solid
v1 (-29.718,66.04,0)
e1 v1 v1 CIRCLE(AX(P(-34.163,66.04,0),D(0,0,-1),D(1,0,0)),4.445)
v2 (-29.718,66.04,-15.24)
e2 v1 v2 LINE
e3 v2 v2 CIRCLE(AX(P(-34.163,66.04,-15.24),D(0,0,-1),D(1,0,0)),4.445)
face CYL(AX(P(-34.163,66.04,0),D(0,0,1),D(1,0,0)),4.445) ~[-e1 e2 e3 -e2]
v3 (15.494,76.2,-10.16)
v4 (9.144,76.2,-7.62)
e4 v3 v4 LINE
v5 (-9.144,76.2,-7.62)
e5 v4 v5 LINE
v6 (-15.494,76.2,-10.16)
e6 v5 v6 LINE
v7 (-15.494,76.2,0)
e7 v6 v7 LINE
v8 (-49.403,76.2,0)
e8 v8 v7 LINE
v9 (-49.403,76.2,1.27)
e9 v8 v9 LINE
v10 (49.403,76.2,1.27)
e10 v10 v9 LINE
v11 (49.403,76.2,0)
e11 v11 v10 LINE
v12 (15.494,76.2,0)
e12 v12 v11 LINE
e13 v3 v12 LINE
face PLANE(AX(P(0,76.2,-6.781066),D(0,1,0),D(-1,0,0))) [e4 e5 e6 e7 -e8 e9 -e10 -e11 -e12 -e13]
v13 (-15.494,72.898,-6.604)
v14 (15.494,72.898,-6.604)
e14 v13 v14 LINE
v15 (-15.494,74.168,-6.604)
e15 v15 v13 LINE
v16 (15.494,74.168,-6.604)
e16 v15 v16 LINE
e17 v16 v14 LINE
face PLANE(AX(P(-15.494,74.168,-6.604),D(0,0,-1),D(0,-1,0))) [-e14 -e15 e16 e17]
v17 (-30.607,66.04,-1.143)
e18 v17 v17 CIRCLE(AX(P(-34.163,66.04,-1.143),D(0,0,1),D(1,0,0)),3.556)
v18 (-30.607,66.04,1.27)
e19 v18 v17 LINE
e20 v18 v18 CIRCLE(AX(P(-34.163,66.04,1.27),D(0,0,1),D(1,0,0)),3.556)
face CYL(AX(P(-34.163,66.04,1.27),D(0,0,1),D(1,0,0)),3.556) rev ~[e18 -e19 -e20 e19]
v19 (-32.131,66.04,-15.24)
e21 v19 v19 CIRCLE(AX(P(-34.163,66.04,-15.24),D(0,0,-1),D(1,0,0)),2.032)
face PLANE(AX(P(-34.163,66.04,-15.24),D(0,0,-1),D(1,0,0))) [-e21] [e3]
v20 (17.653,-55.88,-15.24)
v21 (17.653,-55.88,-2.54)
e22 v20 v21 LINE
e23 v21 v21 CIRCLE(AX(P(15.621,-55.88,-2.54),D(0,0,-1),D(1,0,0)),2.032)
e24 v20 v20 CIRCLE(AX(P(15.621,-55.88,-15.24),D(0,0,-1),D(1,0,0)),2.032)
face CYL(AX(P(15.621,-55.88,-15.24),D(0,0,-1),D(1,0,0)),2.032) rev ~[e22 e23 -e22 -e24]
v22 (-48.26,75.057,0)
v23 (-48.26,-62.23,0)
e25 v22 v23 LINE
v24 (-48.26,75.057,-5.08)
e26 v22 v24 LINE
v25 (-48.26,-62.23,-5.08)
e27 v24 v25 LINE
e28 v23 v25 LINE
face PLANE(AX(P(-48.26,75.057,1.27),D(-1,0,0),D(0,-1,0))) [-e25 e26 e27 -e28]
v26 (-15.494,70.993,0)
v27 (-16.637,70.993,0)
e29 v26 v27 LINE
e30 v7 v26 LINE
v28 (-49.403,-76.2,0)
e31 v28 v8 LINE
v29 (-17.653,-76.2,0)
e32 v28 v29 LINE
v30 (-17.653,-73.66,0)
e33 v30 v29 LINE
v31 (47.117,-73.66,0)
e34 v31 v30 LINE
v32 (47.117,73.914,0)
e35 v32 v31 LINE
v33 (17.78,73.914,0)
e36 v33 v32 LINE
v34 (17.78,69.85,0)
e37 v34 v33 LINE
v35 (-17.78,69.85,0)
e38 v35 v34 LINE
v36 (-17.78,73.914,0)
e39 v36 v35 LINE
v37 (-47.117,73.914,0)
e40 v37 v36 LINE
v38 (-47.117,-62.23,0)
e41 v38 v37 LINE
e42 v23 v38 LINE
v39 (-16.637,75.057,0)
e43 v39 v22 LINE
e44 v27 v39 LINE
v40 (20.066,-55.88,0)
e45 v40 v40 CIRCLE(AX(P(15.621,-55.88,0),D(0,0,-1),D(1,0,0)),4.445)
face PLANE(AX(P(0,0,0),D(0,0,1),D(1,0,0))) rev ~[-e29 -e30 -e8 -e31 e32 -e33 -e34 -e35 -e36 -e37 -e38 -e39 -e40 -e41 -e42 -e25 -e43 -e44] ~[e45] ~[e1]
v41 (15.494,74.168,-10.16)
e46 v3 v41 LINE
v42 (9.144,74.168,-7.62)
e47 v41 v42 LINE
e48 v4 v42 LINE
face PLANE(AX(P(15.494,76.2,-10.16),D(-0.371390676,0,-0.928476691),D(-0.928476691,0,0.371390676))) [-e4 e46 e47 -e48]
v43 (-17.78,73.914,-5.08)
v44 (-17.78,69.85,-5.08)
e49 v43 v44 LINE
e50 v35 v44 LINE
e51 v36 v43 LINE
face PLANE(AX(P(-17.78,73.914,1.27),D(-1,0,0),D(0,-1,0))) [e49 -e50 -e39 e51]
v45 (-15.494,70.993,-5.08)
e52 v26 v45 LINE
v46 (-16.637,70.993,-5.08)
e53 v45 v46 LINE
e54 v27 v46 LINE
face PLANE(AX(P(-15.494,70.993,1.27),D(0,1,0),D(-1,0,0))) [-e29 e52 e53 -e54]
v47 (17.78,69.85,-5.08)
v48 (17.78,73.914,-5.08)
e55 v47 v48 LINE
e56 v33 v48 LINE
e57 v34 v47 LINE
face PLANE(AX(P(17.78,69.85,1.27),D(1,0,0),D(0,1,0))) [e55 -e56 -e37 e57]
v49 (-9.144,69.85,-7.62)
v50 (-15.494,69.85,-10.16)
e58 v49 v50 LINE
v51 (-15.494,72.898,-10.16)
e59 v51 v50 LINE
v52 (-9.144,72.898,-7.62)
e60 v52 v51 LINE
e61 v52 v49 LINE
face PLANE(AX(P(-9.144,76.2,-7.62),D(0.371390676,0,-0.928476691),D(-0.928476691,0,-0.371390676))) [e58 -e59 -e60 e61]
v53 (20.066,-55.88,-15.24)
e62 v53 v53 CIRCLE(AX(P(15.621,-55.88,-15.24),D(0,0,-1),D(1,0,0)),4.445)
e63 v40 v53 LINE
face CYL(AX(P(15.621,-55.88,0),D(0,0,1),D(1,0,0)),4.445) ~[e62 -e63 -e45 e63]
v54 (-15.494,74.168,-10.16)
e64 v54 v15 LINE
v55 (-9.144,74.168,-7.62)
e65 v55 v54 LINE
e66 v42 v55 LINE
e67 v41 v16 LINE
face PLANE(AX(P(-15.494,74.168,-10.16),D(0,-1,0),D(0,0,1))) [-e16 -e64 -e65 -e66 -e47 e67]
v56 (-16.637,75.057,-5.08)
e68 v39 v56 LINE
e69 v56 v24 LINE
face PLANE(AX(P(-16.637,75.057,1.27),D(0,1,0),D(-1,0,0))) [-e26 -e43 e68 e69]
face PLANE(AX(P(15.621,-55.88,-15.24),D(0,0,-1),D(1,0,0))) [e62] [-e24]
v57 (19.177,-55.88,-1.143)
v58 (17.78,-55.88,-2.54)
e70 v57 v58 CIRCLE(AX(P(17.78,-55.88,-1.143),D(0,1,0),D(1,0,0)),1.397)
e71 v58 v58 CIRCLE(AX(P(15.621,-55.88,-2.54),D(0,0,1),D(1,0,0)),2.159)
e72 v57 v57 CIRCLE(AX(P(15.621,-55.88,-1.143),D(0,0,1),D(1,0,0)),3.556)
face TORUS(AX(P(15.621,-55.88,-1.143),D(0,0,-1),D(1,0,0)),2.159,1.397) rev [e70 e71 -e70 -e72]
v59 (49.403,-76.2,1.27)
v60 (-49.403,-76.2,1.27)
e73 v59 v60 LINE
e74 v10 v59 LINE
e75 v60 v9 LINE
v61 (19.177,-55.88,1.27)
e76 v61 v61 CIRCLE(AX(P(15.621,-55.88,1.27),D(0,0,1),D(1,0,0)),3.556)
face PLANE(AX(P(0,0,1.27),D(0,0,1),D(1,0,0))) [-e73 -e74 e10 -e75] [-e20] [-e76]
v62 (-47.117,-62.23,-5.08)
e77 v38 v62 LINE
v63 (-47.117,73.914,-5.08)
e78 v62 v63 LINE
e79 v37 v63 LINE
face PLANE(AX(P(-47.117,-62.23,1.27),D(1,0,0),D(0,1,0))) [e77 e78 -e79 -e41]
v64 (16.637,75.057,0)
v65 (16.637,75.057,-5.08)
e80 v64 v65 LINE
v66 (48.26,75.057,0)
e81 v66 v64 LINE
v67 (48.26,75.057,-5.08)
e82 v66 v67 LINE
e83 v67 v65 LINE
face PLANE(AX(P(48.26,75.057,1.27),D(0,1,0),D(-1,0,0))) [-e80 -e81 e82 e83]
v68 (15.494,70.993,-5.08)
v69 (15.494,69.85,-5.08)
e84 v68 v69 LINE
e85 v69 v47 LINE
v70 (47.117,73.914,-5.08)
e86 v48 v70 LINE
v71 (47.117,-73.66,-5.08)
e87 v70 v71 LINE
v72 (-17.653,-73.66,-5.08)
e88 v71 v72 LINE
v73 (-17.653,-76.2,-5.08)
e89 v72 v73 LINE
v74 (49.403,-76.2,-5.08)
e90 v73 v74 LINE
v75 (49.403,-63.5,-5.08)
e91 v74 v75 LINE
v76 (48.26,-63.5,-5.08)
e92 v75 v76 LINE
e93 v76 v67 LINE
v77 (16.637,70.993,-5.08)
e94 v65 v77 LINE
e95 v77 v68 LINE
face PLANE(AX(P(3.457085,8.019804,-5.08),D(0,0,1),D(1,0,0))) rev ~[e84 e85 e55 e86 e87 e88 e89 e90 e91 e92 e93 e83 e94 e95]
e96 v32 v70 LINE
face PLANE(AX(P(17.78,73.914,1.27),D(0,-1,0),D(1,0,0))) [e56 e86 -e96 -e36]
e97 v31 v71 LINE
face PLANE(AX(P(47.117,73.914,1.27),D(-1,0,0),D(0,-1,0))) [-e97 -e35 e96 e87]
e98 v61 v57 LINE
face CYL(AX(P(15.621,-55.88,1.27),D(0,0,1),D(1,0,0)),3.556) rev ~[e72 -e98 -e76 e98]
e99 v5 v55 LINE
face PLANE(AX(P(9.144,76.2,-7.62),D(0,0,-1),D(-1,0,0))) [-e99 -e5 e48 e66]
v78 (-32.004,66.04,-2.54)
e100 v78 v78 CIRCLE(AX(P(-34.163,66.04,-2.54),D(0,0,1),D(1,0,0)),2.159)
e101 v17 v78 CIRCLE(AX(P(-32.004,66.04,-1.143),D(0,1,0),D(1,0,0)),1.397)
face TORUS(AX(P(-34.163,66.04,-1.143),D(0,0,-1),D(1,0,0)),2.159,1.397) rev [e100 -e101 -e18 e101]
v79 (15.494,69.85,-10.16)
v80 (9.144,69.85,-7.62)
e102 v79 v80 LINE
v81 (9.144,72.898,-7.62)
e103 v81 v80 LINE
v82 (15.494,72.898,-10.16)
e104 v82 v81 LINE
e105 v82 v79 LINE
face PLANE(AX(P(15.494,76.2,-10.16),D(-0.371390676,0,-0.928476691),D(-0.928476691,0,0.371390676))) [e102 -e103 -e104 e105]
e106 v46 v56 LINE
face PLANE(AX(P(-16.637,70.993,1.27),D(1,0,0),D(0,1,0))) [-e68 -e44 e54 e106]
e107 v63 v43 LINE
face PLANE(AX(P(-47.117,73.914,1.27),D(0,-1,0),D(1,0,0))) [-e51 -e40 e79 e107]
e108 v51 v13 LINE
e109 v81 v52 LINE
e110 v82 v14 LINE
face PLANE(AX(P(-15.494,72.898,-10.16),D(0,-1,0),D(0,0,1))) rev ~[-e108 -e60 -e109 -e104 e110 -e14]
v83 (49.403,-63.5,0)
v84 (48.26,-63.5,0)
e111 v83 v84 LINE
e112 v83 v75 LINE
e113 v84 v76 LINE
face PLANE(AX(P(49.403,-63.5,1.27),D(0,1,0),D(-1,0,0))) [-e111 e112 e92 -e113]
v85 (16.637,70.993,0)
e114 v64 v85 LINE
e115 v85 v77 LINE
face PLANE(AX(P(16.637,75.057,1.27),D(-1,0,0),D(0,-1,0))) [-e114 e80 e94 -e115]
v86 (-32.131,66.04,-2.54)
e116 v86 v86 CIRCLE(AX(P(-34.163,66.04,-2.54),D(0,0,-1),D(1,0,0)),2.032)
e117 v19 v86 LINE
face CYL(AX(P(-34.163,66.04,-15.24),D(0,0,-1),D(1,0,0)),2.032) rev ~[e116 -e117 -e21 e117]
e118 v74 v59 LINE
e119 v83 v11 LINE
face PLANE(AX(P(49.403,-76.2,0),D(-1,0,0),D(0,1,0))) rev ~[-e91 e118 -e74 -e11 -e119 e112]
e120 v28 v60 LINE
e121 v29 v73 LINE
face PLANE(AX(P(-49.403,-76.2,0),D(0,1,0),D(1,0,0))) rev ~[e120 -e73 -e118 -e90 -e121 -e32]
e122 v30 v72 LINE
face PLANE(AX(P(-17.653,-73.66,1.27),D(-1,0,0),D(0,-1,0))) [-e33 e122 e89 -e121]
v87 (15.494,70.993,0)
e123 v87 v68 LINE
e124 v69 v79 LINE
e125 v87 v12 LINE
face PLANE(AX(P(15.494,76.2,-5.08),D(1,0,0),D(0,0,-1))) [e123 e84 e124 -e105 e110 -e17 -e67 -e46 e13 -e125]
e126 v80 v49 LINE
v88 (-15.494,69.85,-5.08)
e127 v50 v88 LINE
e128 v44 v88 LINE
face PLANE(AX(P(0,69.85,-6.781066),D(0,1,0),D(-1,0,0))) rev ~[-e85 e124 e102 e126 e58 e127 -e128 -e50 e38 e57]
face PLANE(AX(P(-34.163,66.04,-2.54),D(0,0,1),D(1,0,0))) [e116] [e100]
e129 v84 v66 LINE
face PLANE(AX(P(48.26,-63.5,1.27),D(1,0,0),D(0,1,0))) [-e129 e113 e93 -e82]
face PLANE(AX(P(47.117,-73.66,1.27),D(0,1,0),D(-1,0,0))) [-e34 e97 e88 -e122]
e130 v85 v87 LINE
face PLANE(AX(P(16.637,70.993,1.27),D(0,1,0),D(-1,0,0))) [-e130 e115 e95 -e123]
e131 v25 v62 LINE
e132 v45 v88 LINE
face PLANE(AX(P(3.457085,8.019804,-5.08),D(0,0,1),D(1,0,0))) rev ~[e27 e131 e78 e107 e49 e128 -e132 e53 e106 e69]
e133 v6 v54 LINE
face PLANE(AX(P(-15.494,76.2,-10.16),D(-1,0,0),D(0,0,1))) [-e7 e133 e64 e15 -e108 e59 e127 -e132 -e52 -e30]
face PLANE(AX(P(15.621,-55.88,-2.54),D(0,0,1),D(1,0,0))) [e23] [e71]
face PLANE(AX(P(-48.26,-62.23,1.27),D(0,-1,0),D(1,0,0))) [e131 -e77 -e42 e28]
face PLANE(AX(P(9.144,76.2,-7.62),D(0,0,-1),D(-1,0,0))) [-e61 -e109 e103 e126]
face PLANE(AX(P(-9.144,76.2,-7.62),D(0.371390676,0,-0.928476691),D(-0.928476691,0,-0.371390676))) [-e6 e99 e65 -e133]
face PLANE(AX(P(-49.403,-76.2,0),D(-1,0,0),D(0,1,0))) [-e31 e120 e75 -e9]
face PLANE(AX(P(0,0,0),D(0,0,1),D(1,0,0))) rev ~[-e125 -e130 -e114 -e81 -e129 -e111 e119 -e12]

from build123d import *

# Parameters (mm, degrees)
F0_W      = 98.806
F0_H      = 152.4
F1_DEPTH  = 1.27
F3_DEPTH  = 6.35
F4_R      = 4.445
F5_DEPTH  = 15.24
F6_R      = 2.032
F7_DEPTH  = 16.51
F8_R      = 3.556
F9_DEPTH  = 3.81
F11_DEPTH = 6.35
F12_W     = 1.27
F12_H     = 3.556
F13_DEPTH = 30.988
F14_R     = 1.397


with BuildPart() as f1:
    # F0 (on Top) → F1 (new body)
    with BuildSketch(Plane.XY):
        Rectangle(F0_W, F0_H)
    extrude(amount=F1_DEPTH)

    # F2 (on face) → F3 (join)
    with BuildSketch(Plane.XY.offset(1.27)):
        Polygon((-17.653, -73.66), (-17.653, -76.2), (49.403, -76.2), (49.403, -63.5), (48.26, -63.5), (48.26, 75.057), (16.637, 75.057), (16.637, 70.993), (15.494, 70.993), (15.494, 76.2), (-15.494, 76.2), (-15.494, 70.993), (-16.637, 70.993), (-16.637, 75.057), (-48.26, 75.057), (-48.26, -62.23), (-47.117, -62.23), (-47.117, 73.914), (-17.78, 73.914), (-17.78, 69.85), (17.78, 69.85), (17.78, 73.914), (47.117, 73.914), (47.117, -73.66), align=None)
    extrude(amount=-F3_DEPTH)

    # F4 (on face) → F5 (join)
    with BuildSketch(Plane(origin=(0, 0, 0), x_dir=(1, 0, 0), z_dir=(0, 0, -1))):
        with Locations((15.621, 55.88)):
            Circle(F4_R)
        with Locations((-34.163, -66.04)):
            Circle(F4_R)
    extrude(amount=F5_DEPTH)

    # F6 (on face) → F7 (cut, through all)
    with BuildSketch(Plane(origin=(0, 0, -15.24), x_dir=(1, 0, 0), z_dir=(0, 0, -1))):
        with Locations((-34.163, -66.04)):
            Circle(F6_R)
        with Locations((15.621, 55.88)):
            Circle(F6_R)
    extrude(amount=-F7_DEPTH, mode=Mode.SUBTRACT)

    # F8 (on face) → F9 (cut)
    with BuildSketch(Plane.XY.offset(1.27)):
        with Locations((15.621, -55.88)):
            Circle(F8_R)
        with Locations((-34.163, 66.04)):
            Circle(F8_R)
    extrude(amount=-F9_DEPTH, mode=Mode.SUBTRACT)

    # F10 (on face) → F11 (join, through all)
    with BuildSketch(Plane(origin=(0, 76.2, 0), x_dir=(-1, 0, 0), z_dir=(0, 1, 0))):
        Polygon((15.494, -5.08), (-15.494, -5.08), (-15.494, -10.16), (-9.144, -7.62), (9.144, -7.62), (15.494, -10.16), align=None)
    extrude(amount=-F11_DEPTH)

    # F12 (on face) → F13 (cut, through all)
    with BuildSketch(Plane(origin=(-15.494, 0, 0), x_dir=(0, -1, 0), z_dir=(-1, 0, 0))):
        with Locations((-73.533, -8.382)):
            Rectangle(F12_W, F12_H)
    extrude(amount=-F13_DEPTH, mode=Mode.SUBTRACT)

    # F14
    f14_edges = [f1.edges().sort_by_distance(p)[0] for p in [
        (12.065, -55.88, -2.54),
        (-37.719, 66.04, -2.54),
    ]]
    fillet(f14_edges, radius=F14_R)


solid = f1.part
